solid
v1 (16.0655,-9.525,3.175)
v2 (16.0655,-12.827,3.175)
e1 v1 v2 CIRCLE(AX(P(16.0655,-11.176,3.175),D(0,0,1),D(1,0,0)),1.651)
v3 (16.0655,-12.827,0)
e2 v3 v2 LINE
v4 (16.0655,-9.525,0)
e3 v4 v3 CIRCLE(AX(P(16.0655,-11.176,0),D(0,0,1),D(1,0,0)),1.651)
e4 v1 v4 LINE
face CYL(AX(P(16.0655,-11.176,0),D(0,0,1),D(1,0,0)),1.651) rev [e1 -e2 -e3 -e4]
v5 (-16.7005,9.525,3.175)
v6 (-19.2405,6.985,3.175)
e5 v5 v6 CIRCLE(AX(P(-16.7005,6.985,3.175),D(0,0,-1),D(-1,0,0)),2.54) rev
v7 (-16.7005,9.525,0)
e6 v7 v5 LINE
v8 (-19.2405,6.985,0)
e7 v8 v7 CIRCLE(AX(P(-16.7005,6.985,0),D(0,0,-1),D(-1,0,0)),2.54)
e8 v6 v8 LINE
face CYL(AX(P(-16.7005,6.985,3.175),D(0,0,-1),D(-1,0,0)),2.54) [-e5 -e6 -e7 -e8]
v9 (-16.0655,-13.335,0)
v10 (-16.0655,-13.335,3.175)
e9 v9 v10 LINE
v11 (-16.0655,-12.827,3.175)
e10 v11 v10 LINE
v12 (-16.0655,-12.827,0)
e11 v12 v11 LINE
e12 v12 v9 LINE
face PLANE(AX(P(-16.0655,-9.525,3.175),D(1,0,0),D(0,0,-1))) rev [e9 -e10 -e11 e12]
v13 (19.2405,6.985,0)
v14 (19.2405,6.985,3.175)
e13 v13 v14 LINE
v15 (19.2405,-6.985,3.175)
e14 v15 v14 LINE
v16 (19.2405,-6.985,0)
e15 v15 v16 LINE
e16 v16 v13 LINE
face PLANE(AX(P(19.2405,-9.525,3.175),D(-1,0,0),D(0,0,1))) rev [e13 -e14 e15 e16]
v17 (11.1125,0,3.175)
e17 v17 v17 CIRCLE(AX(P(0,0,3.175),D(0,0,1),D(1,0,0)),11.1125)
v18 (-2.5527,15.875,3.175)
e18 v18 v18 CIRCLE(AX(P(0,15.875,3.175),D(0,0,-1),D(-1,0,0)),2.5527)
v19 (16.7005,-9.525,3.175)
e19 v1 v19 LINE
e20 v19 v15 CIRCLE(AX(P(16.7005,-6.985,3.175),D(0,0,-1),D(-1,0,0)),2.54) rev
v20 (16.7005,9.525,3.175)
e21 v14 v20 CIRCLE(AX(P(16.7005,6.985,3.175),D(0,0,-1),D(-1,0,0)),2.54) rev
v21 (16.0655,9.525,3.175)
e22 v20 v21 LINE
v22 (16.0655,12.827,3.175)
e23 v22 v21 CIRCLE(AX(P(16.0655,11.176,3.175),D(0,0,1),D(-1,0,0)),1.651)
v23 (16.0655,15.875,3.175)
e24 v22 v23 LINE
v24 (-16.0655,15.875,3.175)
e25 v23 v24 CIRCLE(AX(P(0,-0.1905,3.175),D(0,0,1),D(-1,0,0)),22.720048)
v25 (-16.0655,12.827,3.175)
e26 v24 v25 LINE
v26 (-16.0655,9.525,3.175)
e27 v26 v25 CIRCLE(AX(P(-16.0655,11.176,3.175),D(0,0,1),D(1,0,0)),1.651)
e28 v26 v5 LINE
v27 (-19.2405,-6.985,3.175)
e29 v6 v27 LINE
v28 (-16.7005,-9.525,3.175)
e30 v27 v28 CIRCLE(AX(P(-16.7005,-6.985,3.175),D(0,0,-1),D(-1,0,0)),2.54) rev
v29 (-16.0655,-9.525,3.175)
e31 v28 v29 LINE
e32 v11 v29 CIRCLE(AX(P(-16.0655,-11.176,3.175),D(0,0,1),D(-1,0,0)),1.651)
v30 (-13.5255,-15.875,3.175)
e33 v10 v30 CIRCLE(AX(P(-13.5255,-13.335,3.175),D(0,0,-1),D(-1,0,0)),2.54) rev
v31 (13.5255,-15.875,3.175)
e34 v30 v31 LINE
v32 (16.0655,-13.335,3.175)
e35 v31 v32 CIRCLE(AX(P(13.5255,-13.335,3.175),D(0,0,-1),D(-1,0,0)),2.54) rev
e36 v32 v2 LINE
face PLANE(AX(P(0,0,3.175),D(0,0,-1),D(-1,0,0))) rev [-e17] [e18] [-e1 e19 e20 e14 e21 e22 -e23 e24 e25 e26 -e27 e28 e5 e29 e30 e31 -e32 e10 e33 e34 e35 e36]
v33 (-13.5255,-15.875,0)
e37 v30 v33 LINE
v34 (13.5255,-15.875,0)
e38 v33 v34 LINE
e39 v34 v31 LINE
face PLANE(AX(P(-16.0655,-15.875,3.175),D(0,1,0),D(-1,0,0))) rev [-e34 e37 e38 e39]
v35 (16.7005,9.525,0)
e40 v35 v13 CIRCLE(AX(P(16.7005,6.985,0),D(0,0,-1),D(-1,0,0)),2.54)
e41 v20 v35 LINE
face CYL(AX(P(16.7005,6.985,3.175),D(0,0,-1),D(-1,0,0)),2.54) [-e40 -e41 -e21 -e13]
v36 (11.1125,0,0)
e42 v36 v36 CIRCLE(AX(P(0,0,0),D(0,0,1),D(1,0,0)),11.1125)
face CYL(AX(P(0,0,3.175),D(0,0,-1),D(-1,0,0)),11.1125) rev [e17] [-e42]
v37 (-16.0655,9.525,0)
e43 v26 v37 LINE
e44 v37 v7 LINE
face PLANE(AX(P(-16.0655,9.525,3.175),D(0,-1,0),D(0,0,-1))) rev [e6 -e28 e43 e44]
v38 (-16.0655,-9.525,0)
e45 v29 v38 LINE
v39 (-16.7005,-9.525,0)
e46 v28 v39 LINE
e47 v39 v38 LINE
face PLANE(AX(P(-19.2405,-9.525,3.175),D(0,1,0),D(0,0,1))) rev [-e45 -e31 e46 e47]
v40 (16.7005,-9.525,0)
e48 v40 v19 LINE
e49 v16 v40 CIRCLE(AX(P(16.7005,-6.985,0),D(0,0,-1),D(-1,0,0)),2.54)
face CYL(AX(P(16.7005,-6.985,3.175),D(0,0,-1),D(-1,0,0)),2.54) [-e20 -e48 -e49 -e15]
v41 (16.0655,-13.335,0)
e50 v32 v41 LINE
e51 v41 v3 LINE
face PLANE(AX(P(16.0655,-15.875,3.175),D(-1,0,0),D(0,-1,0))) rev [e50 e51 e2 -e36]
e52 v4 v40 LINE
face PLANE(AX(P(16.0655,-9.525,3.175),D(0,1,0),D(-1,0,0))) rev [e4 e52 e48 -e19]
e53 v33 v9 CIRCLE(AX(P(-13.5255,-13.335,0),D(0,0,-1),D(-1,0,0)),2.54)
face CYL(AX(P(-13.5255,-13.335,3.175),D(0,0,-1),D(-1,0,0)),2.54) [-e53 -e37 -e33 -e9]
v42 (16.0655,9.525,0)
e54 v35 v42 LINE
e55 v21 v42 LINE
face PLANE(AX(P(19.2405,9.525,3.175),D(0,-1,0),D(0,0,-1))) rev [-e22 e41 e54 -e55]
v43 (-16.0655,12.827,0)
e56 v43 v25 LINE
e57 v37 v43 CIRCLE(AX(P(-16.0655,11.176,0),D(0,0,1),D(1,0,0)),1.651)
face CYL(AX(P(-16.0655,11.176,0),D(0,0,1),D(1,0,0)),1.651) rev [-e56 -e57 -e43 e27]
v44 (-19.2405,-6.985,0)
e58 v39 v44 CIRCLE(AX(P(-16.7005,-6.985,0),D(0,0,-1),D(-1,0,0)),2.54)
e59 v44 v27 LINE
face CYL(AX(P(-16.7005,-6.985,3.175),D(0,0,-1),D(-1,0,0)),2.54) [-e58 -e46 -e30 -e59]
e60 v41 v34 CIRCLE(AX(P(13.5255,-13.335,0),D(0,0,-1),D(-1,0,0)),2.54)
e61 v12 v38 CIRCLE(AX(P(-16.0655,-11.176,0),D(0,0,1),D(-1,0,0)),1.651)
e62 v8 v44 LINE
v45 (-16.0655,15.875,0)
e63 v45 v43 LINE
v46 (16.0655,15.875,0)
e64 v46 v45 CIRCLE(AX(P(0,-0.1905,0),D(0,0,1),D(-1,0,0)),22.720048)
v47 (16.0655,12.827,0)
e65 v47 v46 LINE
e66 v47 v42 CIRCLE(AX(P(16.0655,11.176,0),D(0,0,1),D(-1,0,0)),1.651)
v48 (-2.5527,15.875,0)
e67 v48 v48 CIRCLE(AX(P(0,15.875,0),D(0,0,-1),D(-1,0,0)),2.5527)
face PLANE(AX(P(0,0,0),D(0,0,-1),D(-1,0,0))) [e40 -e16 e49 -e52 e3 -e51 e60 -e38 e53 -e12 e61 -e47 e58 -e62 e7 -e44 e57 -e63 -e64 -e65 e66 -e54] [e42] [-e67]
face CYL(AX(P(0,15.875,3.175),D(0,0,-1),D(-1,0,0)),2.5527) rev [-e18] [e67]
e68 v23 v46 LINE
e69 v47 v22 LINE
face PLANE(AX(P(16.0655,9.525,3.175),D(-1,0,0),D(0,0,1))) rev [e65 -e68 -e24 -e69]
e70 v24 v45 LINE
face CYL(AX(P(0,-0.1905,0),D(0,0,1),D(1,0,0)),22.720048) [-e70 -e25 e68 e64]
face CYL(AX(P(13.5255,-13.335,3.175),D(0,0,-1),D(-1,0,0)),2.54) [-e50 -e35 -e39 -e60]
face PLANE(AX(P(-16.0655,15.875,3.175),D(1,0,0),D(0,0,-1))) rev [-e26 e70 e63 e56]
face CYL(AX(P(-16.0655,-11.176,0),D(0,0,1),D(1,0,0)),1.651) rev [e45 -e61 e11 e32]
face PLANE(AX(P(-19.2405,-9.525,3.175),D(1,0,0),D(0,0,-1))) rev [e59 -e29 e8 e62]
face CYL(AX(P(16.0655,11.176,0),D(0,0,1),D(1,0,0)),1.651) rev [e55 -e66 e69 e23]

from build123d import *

# Parameters (mm, degrees)
SKETCH1_R           = 11.1125
BOSS_EXTRUDE1_DEPTH = 3.175
BOSS_EXTRUDE3_DEPTH = 3.175
SKETCH4_R           = 2.5527
CUT_EXTRUDE2_DEPTH  = 4.175
FILLET1_R           = 2.54
CUT_EXTRUDE1_DEPTH  = 4.175


with BuildPart() as part:
    # Sketch1 → Boss-Extrude1 (new body)
    with BuildSketch(Plane.XY):
        Polygon((-19.2405, -9.525), (-19.2405, 9.525), (-16.0655, 9.525), (-16.0655, 15.875), (16.0655, 15.875), (16.0655, 9.525), (19.2405, 9.525), (19.2405, -9.525), (16.0655, -9.525), (16.0655, -15.875), (-16.0655, -15.875), (-16.0655, -9.525), align=None)
        Circle(SKETCH1_R, mode=Mode.SUBTRACT)
    extrude(amount=BOSS_EXTRUDE1_DEPTH)

    # Sketch3 → Boss-Extrude3 (add)
    with BuildSketch(Plane.XY.offset(3.175)):
        with BuildLine():
            Line((-16.0655, 15.875), (16.0655, 15.875))
            ThreePointArc((16.0655, 15.875), (0, 22.529547986), (-16.0655, 15.875))
        make_face()
    extrude(amount=-BOSS_EXTRUDE3_DEPTH)

    # Sketch4 → Cut-Extrude2 (cut, through all)
    with BuildSketch(Plane(origin=(0, 0, 0), x_dir=(-1, 0, 0), z_dir=(0, 0, -1))):
        with Locations((0, 15.875)):
            Circle(SKETCH4_R)
    extrude(amount=-CUT_EXTRUDE2_DEPTH, mode=Mode.SUBTRACT)

    # Fillet1
    fillet1_edges = [part.edges().sort_by_distance(p)[0] for p in [
        (19.2405, 9.525, 1.5875),
        (19.2405, -9.525, 1.5875),
        (16.0655, -15.875, 1.5875),
        (-16.0655, -15.875, 1.5875),
        (-19.2405, -9.525, 1.5875),
        (-19.2405, 9.525, 1.5875),
    ]]
    fillet(fillet1_edges, radius=FILLET1_R)

    # Sketch2 → Cut-Extrude1 (cut, through all)
    with BuildSketch(Plane.XY.offset(3.175)):
        with BuildLine():
            Line((-16.0655, -9.525), (-16.0655, -12.827))
            ThreePointArc((-16.0655, -12.827), (-14.4145, -11.176), (-16.0655, -9.525))
        make_face()
        with BuildLine():
            Line((16.0655, -9.525), (16.0655, -12.827))
            ThreePointArc((16.0655, -12.827), (14.4145, -11.176), (16.0655, -9.525))
        make_face()
        with BuildLine():
            Line((-16.0655, 9.525), (-16.0655, 12.827))
            ThreePointArc((-16.0655, 12.827), (-14.4145, 11.176), (-16.0655, 9.525))
        make_face()
        with BuildLine():
            Line((16.0655, 9.525), (16.0655, 12.827))
            ThreePointArc((16.0655, 12.827), (14.4145, 11.176), (16.0655, 9.525))
        make_face()
    extrude(amount=-CUT_EXTRUDE1_DEPTH, mode=Mode.SUBTRACT)


solid = part.part
